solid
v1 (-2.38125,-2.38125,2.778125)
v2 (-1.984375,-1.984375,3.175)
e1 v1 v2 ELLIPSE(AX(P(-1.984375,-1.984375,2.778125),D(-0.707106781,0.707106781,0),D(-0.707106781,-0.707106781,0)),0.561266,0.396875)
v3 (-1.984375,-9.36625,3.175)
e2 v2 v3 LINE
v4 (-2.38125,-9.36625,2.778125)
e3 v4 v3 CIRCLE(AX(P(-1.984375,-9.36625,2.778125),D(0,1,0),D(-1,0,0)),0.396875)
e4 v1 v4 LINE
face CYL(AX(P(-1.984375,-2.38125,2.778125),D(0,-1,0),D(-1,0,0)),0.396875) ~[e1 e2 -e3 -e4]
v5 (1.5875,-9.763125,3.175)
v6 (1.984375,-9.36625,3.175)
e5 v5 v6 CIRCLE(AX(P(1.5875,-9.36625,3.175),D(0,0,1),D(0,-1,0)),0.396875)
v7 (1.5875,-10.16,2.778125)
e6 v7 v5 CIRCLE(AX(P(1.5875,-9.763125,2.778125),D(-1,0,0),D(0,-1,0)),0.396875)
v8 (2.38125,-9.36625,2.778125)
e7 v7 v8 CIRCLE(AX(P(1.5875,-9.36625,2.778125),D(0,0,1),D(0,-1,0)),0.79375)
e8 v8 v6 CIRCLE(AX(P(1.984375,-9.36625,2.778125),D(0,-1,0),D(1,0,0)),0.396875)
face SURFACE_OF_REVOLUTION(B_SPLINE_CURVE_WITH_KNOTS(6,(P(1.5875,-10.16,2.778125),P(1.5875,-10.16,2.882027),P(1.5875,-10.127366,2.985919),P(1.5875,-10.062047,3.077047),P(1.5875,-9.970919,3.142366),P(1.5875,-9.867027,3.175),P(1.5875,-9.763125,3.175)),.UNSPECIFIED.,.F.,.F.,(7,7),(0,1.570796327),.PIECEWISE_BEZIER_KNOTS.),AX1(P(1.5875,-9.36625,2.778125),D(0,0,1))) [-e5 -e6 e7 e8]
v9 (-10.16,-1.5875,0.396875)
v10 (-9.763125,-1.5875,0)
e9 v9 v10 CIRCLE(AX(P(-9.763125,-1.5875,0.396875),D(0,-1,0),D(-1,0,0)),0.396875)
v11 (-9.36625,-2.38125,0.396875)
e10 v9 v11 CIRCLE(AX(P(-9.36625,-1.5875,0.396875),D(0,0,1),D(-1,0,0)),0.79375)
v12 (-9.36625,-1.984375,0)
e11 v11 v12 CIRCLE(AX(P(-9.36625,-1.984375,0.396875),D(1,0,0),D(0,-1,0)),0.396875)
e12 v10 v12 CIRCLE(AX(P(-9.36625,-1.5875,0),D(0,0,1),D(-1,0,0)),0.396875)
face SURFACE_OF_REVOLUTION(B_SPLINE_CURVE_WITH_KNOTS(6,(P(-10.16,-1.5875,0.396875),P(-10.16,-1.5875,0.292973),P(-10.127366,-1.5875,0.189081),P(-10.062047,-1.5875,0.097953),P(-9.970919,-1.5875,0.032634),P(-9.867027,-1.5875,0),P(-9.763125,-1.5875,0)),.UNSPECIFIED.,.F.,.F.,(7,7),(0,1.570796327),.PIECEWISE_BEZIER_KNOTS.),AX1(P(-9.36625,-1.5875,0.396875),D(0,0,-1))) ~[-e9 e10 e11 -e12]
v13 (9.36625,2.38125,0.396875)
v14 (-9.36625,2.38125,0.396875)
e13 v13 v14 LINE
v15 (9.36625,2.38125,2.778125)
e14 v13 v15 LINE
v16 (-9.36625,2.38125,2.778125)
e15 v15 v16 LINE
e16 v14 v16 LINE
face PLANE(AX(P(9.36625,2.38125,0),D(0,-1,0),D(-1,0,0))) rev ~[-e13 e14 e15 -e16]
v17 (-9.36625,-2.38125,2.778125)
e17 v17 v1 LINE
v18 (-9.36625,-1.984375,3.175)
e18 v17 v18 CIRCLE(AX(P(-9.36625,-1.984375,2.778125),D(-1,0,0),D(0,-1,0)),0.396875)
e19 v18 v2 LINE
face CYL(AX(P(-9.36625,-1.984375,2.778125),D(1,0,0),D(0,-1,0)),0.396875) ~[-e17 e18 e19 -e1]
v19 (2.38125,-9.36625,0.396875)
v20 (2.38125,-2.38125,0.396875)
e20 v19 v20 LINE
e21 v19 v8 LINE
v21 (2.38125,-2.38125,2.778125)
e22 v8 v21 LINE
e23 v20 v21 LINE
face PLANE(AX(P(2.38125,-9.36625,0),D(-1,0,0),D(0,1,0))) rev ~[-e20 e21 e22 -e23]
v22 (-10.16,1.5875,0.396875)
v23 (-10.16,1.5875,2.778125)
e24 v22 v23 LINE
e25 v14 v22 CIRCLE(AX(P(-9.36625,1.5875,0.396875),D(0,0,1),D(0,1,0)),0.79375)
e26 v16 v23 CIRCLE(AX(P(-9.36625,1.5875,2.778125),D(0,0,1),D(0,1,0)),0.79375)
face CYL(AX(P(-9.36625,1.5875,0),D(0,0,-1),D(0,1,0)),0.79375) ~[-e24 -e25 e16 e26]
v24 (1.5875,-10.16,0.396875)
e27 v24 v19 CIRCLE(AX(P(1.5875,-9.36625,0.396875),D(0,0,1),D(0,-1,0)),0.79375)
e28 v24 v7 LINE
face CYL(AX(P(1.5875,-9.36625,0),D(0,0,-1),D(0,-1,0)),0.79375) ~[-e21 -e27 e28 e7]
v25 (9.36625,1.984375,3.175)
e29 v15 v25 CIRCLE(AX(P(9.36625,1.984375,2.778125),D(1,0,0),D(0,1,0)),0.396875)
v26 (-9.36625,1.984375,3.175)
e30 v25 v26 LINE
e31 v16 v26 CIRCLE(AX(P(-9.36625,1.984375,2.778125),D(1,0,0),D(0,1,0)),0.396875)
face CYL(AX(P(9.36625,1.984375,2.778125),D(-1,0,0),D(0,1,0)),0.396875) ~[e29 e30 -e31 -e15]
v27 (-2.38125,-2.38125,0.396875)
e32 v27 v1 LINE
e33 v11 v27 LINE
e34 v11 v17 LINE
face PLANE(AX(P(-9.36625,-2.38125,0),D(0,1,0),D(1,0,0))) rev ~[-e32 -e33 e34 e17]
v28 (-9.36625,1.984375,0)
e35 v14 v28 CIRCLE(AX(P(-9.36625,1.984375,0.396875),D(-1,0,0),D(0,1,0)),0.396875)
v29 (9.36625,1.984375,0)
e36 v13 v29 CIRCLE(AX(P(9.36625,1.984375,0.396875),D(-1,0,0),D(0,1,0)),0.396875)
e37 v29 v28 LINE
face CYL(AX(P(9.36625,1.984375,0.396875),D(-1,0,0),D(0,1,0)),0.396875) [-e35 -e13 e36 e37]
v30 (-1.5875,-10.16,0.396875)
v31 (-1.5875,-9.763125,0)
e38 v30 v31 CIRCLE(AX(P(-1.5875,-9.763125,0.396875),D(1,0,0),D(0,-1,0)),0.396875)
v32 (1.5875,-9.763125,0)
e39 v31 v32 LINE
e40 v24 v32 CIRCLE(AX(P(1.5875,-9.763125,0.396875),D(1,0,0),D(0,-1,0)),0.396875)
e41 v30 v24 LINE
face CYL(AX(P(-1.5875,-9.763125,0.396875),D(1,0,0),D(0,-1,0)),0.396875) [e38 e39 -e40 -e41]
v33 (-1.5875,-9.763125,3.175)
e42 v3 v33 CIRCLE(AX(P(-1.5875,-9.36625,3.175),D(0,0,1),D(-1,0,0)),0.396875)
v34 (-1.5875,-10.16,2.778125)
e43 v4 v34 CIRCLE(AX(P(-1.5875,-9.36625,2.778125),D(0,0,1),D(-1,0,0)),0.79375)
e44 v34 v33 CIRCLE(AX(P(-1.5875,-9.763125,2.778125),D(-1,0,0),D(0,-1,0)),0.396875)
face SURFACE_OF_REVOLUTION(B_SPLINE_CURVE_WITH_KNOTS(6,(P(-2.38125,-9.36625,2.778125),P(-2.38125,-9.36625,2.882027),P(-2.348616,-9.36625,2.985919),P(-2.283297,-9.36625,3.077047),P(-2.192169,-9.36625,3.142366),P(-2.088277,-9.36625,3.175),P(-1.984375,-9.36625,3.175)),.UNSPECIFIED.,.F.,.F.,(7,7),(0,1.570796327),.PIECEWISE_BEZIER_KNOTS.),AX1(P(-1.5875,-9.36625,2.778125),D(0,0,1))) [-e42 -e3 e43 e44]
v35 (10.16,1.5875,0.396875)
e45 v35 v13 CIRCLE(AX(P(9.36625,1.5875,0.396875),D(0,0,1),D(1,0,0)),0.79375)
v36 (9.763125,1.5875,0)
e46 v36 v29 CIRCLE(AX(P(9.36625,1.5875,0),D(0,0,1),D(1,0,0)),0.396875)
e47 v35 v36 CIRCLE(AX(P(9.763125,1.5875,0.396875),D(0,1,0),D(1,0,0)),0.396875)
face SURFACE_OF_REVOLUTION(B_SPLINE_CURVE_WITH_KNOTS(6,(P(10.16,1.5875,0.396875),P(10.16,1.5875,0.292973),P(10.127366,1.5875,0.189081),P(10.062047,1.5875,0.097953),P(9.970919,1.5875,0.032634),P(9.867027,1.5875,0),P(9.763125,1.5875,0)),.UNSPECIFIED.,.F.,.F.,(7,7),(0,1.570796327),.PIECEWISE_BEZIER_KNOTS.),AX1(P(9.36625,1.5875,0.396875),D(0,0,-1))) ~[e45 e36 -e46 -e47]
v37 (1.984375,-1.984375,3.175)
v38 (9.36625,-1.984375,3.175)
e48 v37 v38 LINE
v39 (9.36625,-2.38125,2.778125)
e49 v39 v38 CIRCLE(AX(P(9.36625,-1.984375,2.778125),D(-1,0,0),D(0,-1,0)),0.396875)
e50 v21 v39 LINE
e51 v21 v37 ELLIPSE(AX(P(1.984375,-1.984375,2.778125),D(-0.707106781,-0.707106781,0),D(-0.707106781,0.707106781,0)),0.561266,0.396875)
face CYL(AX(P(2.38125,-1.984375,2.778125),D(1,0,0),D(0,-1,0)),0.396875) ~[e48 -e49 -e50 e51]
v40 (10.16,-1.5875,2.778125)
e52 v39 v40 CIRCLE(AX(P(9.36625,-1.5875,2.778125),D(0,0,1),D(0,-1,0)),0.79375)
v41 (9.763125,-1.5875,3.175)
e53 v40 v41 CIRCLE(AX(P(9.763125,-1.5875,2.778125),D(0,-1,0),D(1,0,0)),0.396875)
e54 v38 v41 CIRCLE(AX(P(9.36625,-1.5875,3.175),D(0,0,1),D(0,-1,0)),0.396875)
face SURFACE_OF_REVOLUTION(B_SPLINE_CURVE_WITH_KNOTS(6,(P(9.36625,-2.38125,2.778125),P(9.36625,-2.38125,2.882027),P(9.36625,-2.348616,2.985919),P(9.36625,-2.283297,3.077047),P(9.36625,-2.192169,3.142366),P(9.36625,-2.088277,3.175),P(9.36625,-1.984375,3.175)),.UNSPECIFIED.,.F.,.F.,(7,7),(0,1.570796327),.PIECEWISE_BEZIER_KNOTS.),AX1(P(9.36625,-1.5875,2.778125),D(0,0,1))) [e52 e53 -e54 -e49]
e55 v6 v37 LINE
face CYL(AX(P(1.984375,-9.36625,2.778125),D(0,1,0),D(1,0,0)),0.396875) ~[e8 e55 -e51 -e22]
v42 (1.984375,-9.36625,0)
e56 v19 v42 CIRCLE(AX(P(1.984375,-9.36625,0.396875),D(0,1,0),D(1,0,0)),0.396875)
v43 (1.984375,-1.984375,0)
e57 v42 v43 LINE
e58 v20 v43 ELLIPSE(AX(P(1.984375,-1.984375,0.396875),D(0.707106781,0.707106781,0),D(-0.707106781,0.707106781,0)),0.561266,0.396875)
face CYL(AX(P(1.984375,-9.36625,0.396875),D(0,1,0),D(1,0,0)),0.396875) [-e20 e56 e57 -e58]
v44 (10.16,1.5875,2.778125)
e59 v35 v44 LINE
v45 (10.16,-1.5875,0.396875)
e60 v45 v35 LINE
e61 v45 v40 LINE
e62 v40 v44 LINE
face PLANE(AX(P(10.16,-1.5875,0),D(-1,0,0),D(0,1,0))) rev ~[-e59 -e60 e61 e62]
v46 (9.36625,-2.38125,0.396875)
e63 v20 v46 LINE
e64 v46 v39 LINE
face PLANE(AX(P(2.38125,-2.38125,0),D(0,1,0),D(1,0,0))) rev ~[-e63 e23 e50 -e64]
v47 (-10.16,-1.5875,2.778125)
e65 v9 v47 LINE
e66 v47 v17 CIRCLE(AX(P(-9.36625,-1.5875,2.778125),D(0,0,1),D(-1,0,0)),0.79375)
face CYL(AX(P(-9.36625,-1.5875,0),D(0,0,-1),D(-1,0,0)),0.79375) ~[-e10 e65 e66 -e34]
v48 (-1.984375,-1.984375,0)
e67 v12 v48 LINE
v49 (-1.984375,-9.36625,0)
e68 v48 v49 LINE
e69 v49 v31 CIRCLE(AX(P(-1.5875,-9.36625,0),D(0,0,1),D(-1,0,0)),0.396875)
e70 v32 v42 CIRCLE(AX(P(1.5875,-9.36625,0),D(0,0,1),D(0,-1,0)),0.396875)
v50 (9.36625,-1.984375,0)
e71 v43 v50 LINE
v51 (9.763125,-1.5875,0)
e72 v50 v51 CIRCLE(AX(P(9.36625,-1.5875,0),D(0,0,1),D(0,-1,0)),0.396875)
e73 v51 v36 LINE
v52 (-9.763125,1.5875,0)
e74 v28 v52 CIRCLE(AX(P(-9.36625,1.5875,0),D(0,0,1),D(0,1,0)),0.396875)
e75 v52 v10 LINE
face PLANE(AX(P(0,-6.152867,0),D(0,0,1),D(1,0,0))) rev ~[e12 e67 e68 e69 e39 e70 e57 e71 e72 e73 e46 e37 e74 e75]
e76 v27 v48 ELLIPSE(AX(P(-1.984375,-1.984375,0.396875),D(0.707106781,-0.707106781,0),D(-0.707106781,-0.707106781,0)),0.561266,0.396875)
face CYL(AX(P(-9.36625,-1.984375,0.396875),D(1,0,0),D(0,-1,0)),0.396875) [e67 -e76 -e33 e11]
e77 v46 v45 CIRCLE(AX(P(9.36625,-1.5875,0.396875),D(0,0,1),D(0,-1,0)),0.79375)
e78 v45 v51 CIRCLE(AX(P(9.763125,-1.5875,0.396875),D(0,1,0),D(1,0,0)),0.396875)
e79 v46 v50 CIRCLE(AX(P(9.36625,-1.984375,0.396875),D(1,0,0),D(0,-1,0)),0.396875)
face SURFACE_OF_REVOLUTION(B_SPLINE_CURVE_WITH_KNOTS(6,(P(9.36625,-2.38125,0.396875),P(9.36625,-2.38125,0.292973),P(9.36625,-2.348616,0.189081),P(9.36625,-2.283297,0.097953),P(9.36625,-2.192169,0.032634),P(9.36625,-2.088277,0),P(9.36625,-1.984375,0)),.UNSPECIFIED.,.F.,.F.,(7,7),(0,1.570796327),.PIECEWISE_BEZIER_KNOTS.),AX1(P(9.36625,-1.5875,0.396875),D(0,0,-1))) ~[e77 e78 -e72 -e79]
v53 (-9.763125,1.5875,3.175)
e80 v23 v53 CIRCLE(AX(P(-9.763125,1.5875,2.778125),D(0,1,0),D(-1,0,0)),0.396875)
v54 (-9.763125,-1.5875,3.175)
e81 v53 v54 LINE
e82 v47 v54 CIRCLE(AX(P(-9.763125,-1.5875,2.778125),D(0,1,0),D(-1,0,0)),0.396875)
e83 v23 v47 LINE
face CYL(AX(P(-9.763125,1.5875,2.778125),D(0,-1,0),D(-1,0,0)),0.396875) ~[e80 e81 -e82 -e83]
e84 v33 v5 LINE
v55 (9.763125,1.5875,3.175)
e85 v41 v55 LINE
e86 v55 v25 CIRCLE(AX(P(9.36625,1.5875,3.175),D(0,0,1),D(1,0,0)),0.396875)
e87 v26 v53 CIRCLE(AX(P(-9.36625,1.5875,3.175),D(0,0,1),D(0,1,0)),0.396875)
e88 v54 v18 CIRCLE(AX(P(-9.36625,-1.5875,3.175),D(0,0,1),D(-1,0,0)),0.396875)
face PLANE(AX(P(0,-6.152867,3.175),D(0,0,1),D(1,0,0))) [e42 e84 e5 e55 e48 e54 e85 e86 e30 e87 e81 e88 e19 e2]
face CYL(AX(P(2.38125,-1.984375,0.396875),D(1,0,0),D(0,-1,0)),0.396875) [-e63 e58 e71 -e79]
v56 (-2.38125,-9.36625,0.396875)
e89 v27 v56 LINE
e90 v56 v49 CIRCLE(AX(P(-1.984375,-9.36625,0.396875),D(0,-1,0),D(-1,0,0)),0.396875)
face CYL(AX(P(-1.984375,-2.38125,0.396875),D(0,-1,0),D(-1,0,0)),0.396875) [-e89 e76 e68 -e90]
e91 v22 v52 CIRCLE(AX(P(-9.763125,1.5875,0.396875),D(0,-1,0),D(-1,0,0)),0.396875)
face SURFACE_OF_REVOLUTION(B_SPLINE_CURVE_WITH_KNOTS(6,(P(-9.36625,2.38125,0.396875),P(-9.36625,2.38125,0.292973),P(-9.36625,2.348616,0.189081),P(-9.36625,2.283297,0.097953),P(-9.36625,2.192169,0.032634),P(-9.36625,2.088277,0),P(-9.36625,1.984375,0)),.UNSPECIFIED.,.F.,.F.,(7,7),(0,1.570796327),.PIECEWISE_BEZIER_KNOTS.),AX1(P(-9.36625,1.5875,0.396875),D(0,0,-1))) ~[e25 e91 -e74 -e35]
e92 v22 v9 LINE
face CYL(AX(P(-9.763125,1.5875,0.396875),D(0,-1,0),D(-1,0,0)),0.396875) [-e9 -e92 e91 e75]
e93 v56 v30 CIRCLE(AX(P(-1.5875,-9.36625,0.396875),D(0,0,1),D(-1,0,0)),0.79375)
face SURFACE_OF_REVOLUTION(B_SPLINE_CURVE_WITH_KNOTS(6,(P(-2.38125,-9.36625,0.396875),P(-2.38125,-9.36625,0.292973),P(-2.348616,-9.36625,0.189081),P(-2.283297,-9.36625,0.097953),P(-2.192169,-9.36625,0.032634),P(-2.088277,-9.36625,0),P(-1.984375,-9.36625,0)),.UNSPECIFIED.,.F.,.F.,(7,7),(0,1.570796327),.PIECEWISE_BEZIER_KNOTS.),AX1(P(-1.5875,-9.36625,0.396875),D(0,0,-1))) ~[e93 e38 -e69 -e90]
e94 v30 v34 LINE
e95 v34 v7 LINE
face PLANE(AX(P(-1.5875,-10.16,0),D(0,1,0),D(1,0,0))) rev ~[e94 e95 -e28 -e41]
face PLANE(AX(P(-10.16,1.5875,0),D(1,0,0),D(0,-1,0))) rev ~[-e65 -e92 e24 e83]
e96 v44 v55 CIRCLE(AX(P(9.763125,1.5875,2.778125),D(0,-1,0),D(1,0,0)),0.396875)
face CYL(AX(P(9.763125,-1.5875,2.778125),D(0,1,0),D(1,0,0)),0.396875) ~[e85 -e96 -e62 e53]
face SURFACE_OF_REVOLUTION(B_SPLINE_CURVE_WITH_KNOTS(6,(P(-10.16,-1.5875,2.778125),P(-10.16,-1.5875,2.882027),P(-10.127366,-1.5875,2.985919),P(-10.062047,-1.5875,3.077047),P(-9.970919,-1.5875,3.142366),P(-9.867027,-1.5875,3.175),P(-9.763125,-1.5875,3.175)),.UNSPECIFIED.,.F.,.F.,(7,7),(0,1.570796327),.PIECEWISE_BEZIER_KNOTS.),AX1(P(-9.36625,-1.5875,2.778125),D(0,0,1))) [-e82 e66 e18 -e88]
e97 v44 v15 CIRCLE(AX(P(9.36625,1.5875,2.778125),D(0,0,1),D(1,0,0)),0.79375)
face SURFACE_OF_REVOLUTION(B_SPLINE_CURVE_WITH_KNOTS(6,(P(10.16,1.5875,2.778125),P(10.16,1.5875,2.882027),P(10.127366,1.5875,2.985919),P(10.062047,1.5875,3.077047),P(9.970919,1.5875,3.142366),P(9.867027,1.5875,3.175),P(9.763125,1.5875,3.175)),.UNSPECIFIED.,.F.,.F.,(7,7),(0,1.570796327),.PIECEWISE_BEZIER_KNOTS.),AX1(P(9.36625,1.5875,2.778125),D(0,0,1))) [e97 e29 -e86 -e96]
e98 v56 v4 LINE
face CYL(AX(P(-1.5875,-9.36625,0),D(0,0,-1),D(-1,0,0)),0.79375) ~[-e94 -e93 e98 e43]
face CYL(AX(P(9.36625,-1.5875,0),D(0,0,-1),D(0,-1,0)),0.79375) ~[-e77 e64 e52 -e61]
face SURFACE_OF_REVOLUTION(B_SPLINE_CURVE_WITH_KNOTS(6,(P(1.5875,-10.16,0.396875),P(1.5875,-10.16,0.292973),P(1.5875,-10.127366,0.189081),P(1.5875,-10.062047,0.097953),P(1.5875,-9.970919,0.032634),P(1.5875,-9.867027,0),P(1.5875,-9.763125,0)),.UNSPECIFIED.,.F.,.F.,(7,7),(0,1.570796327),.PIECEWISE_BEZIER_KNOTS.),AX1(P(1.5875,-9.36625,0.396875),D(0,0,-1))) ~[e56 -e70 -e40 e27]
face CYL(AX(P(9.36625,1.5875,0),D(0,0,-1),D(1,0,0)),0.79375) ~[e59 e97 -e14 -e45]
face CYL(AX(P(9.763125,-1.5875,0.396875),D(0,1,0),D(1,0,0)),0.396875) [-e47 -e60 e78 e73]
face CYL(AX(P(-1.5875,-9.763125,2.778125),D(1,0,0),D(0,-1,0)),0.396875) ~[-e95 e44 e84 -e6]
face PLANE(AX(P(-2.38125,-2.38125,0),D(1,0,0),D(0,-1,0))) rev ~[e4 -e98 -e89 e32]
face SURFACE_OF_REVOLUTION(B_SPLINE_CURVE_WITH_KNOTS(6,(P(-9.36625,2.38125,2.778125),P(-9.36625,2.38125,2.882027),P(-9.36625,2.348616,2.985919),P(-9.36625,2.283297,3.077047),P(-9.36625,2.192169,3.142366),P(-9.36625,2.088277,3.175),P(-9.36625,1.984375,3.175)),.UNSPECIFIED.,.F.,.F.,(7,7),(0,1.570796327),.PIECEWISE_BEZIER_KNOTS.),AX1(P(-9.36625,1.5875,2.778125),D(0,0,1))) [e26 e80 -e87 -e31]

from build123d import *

# Parameters (mm, degrees)
F0_W     = 4.7625
F0_H     = 4.7625
F1_DEPTH = 3.175
F2_R     = 0.396875


with BuildPart() as f1:
    # F0 (on Top) → F1 (new body)
    with BuildSketch(Plane.XY):
        with BuildLine():
            Line((-1.5875, -10.16), (1.5875, -10.16))
            ThreePointArc((1.5875, -10.16), (2.1487660076, -9.9275160076), (2.38125, -9.36625))
            Line((2.38125, -9.36625), (2.38125, -2.38125))
            Line((2.38125, -2.38125), (-2.38125, -2.38125))
            Line((-2.38125, -2.38125), (-2.38125, -9.36625))
            ThreePointArc((-2.38125, -9.36625), (-2.1487660076, -9.9275160076), (-1.5875, -10.16))
        make_face()
        Rectangle(F0_W, F0_H)
        with BuildLine():
            Line((2.38125, 2.38125), (2.38125, -2.38125))
            Line((2.38125, -2.38125), (9.36625, -2.38125))
            ThreePointArc((9.36625, -2.38125), (9.9275160076, -2.1487660076), (10.16, -1.5875))
            Line((10.16, -1.5875), (10.16, 1.5875))
            ThreePointArc((10.16, 1.5875), (9.9275160076, 2.1487660076), (9.36625, 2.38125))
            Line((9.36625, 2.38125), (2.38125, 2.38125))
        make_face()
        with BuildLine():
            Line((-9.36625, -2.38125), (-2.38125, -2.38125))
            Line((-2.38125, -2.38125), (-2.38125, 2.38125))
            Line((-2.38125, 2.38125), (-9.36625, 2.38125))
            ThreePointArc((-9.36625, 2.38125), (-9.9275160076, 2.1487660076), (-10.16, 1.5875))
            Line((-10.16, 1.5875), (-10.16, -1.5875))
            ThreePointArc((-10.16, -1.5875), (-9.9275160076, -2.1487660076), (-9.36625, -2.38125))
        make_face()
    extrude(amount=F1_DEPTH)

    # F2
    f2_edges = [f1.edges().sort_by_distance(p)[0] for p in [
        (-2.148766, -9.927516, 3.175),
        (0, -10.16, 3.175),
        (2.148766, -9.927516, 3.175),
        (2.38125, -5.87375, 3.175),
        (5.87375, -2.38125, 3.175),
        (9.927516, -2.148766, 3.175),
        (10.16, 0, 3.175),
        (9.927516, 2.148766, 3.175),
        (0, 2.38125, 3.175),
        (-9.927516, 2.148766, 3.175),
        (-10.16, 0, 3.175),
        (-9.927516, -2.148766, 3.175),
        (-5.87375, -2.38125, 3.175),
        (-2.38125, -5.87375, 3.175),
        (-2.148766, -9.927516, 0),
        (0, -10.16, 0),
        (2.148766, -9.927516, 0),
        (2.38125, -5.87375, 0),
        (5.87375, -2.38125, 0),
        (9.927516, -2.148766, 0),
        (10.16, 0, 0),
        (9.927516, 2.148766, 0),
        (0, 2.38125, 0),
        (-9.927516, 2.148766, 0),
        (-10.16, 0, 0),
        (-9.927516, -2.148766, 0),
        (-5.87375, -2.38125, 0),
        (-2.38125, -5.87375, 0),
    ]]
    fillet(f2_edges, radius=F2_R)


solid = f1.part
